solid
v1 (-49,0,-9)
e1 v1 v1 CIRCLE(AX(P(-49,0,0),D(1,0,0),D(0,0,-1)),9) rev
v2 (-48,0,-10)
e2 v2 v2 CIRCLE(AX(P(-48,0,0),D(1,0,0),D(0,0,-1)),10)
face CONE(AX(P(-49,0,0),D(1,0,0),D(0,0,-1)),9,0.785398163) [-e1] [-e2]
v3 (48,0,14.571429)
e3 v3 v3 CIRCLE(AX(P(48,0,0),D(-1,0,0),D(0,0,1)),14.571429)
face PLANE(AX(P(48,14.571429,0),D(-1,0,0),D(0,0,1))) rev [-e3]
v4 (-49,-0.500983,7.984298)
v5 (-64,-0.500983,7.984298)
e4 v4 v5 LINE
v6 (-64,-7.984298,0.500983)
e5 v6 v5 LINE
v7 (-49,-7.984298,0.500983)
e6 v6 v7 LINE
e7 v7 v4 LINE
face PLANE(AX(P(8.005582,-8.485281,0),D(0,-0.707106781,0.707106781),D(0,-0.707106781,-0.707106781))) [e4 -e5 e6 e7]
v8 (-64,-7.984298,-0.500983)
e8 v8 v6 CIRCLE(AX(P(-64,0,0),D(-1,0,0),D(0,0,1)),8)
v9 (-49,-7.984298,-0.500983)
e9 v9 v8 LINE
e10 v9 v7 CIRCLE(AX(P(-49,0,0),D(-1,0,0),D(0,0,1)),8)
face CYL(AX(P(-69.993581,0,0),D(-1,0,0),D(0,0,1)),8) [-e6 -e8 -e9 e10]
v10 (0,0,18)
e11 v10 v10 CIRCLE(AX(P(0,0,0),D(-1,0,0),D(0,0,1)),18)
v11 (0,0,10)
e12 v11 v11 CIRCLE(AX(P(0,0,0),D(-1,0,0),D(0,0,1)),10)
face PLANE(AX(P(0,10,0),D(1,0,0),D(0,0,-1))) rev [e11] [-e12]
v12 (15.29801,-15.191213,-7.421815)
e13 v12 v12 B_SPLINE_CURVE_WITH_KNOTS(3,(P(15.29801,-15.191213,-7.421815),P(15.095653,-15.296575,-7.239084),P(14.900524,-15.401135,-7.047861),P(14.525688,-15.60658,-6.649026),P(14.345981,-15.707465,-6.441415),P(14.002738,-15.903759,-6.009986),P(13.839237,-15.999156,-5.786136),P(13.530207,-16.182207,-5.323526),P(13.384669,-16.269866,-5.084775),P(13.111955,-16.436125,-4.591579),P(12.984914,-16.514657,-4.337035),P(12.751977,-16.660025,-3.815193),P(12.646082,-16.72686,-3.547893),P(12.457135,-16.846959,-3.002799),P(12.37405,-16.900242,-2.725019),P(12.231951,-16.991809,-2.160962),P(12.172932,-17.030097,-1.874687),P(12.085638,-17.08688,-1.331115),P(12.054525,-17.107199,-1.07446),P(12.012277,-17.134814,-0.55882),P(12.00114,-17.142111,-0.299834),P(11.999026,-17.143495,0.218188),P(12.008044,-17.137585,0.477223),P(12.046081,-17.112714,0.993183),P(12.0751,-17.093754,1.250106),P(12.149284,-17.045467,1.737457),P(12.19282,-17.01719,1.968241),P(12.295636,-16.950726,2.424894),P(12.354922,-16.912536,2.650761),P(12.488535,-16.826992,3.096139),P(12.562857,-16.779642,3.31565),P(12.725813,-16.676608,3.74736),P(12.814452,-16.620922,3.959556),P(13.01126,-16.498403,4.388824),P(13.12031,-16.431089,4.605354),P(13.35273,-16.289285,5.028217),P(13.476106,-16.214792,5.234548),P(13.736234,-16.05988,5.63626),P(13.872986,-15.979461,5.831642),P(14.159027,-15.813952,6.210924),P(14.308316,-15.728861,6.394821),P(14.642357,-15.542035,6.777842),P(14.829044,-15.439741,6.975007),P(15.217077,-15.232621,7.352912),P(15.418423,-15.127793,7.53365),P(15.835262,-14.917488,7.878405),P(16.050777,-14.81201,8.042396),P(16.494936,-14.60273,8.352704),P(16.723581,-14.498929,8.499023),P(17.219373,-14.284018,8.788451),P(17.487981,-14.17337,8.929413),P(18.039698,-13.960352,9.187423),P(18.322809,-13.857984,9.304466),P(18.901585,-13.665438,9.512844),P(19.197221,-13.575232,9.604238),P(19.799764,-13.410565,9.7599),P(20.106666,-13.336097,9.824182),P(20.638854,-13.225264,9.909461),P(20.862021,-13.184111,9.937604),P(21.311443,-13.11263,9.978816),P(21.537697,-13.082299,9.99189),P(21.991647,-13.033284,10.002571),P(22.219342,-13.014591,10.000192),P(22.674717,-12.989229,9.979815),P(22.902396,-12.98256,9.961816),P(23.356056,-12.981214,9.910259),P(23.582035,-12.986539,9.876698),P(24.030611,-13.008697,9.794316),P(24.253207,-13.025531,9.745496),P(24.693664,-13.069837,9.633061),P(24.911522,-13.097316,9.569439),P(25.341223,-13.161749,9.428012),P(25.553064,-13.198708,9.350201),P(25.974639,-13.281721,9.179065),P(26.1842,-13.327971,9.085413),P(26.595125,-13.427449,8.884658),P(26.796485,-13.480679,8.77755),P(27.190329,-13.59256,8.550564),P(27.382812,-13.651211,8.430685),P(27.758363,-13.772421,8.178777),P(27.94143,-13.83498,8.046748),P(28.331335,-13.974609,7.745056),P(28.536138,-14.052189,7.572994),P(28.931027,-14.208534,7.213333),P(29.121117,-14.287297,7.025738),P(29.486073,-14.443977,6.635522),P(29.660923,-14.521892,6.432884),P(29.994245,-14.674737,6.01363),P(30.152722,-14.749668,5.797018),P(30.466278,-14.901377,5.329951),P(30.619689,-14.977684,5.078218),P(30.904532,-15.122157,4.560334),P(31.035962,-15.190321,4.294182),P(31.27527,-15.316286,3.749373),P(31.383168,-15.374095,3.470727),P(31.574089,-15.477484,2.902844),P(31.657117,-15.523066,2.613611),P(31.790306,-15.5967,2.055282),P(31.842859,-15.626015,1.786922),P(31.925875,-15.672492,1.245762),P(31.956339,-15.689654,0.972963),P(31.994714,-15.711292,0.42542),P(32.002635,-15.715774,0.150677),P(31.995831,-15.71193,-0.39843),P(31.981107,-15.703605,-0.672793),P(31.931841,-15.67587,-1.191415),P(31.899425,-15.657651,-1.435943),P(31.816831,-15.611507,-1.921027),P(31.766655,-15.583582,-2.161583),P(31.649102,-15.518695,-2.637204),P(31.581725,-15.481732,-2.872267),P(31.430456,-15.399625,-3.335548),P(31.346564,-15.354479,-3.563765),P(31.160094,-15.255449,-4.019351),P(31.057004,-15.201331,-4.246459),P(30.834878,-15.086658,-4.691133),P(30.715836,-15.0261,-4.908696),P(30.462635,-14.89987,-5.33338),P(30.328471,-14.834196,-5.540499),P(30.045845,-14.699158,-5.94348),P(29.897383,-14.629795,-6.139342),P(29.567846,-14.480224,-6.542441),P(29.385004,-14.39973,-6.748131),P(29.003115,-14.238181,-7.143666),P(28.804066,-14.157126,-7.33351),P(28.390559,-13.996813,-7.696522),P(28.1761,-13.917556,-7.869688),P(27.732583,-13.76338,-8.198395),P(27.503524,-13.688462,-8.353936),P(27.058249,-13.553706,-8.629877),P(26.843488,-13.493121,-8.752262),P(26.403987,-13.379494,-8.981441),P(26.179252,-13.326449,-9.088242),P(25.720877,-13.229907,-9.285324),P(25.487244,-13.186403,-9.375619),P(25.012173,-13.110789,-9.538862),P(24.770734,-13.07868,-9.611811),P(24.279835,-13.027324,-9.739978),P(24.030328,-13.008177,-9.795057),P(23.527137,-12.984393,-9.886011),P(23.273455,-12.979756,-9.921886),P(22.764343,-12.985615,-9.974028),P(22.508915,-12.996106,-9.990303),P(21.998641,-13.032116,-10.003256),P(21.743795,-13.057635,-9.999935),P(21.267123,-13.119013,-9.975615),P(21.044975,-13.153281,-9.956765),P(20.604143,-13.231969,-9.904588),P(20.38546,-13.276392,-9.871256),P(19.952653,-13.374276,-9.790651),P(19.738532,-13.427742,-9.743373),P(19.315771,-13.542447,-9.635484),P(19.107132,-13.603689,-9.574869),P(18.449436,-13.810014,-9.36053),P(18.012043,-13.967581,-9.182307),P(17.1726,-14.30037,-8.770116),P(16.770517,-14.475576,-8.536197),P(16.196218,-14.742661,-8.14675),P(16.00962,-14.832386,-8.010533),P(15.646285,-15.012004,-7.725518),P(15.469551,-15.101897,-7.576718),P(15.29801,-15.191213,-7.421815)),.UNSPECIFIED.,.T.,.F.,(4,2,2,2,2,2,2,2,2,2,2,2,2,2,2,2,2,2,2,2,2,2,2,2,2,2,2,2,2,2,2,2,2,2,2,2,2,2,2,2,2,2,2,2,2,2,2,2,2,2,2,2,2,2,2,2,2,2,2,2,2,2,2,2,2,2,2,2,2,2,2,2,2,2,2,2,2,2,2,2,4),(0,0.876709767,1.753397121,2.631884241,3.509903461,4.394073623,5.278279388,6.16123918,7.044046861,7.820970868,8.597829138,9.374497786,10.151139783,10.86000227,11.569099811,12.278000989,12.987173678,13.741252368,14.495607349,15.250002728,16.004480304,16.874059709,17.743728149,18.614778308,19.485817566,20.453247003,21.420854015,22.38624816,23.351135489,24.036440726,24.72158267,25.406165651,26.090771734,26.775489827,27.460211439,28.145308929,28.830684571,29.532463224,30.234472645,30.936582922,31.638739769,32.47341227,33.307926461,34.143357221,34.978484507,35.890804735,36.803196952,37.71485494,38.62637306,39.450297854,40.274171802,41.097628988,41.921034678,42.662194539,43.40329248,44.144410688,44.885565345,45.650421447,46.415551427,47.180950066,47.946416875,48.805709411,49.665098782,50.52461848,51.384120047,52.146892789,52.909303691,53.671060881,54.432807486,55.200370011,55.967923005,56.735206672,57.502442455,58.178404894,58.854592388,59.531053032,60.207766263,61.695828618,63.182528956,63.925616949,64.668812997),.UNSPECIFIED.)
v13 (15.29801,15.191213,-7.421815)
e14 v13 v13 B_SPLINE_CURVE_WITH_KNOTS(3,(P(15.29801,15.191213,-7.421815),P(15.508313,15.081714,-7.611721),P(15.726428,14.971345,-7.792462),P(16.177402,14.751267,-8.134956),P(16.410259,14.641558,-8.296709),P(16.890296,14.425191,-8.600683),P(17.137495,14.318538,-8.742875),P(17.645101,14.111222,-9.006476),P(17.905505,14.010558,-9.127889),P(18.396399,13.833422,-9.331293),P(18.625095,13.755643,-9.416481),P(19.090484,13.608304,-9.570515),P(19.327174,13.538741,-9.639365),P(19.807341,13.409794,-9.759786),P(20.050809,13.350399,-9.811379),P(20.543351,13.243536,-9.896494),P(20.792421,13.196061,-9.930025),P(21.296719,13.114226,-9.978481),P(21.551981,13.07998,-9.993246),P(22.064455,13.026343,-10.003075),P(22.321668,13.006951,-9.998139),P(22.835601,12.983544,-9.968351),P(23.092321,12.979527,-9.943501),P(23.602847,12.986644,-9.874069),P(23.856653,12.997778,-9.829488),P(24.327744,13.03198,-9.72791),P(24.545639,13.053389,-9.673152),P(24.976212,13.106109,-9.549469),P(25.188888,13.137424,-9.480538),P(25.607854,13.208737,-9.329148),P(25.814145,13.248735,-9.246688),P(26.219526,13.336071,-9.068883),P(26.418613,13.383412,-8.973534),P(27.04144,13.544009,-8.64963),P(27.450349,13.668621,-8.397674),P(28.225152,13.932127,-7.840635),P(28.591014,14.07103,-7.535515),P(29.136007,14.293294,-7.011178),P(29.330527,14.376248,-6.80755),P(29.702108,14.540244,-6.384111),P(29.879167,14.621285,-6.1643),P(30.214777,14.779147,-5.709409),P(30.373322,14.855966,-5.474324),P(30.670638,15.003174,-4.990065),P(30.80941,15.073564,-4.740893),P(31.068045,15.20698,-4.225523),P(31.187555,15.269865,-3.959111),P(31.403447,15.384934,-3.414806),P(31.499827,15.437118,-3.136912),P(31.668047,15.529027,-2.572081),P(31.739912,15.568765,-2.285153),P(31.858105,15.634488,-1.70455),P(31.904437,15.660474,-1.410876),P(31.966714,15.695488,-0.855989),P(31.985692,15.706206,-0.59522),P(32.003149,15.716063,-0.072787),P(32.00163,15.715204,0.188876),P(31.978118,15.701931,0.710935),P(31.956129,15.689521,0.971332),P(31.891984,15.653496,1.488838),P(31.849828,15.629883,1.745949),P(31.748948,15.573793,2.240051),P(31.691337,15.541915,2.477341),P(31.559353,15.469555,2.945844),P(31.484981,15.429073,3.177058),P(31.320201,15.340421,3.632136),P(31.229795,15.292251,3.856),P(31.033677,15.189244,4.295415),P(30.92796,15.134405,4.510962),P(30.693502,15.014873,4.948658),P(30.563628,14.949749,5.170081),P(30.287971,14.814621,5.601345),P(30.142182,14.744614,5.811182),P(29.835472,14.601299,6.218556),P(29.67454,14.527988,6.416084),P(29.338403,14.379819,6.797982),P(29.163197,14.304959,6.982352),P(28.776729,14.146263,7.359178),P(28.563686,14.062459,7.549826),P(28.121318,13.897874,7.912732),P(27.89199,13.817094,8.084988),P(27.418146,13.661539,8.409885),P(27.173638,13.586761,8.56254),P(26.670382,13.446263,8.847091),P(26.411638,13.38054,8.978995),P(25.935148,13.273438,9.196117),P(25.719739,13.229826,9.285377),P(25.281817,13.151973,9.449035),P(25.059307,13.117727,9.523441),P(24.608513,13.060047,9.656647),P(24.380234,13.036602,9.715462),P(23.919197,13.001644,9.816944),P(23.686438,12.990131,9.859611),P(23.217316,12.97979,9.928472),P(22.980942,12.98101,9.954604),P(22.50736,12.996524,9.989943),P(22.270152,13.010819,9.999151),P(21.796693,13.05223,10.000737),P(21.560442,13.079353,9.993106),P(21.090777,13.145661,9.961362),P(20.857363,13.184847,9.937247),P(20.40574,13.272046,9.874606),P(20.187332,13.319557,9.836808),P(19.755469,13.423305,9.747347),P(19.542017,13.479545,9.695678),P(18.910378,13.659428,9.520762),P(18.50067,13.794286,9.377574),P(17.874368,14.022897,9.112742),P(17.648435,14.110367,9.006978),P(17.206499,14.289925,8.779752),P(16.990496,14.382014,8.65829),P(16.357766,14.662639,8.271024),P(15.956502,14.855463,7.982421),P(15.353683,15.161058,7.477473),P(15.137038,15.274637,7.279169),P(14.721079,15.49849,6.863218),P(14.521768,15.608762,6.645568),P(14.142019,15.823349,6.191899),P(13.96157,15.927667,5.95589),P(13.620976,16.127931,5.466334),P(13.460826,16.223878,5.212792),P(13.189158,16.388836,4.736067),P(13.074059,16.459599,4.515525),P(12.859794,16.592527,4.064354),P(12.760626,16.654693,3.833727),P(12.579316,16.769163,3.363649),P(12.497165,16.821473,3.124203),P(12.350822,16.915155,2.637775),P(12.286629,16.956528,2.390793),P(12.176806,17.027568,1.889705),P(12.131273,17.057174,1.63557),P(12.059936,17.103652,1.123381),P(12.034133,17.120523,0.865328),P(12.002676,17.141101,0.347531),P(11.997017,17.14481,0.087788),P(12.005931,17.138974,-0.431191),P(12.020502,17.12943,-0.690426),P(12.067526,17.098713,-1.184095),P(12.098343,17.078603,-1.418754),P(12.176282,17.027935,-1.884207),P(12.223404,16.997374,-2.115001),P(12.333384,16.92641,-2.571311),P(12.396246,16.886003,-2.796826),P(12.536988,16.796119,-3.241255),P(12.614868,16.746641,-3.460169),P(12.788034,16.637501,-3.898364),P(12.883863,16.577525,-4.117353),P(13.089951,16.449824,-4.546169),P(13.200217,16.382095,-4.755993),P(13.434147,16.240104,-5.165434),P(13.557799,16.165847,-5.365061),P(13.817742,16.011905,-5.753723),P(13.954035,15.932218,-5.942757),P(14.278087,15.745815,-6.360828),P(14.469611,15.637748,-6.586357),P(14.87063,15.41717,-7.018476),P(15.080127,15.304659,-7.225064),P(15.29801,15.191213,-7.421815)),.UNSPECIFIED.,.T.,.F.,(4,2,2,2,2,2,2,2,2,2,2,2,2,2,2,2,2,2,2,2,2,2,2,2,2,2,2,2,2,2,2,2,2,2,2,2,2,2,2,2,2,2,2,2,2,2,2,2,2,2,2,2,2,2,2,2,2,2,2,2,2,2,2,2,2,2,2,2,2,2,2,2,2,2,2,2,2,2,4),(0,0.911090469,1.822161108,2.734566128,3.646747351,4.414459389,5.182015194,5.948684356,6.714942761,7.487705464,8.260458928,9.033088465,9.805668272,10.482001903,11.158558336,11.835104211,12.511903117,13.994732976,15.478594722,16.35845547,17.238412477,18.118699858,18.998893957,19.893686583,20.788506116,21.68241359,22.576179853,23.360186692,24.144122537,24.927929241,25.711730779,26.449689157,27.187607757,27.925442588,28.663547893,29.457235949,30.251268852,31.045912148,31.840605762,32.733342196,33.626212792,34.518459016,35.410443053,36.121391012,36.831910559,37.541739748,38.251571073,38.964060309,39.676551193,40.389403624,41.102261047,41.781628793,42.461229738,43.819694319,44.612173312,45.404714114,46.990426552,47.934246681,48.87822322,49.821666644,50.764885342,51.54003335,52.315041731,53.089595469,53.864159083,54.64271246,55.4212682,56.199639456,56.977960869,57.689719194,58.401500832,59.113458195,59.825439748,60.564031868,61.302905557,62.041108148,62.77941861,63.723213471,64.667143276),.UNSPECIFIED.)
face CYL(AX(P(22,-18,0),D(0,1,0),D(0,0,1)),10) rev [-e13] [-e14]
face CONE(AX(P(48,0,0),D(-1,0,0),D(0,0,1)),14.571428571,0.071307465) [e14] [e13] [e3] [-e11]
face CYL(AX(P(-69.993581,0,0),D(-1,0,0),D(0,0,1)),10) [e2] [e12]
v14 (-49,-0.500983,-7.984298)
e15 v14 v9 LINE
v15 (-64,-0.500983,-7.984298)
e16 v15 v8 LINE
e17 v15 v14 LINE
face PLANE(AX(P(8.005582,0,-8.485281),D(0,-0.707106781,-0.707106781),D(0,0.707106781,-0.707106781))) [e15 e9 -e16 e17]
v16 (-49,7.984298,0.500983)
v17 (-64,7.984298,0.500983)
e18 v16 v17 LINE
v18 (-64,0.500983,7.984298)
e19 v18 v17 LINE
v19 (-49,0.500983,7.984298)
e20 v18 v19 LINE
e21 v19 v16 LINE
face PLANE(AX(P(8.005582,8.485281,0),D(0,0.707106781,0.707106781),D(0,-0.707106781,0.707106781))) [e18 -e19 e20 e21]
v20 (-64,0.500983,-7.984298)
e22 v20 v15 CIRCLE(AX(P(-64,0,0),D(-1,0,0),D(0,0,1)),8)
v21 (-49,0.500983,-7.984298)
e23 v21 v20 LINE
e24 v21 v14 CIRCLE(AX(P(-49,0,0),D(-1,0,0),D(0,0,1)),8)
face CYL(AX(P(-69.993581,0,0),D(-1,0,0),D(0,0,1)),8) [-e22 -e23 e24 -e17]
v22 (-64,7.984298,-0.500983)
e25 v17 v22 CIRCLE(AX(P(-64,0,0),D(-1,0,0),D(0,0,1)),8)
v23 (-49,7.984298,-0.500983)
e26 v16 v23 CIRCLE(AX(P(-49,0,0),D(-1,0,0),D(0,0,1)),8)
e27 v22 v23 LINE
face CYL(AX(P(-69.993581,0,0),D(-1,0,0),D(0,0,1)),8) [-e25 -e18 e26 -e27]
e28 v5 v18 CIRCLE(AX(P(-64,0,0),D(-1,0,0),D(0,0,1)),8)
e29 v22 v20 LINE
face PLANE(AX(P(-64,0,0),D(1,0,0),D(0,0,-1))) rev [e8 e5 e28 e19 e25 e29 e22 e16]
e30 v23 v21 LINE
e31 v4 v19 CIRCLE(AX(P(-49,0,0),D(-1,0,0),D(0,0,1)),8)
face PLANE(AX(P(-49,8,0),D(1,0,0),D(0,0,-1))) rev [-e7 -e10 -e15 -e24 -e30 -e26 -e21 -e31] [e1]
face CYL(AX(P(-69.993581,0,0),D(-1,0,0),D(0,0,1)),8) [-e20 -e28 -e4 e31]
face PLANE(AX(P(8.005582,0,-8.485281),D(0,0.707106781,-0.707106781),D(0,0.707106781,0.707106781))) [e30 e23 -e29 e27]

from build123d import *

# Parameters (mm, degrees)
CUT_EXTRUDE_1_DEPTH      = 69.876701431
CUT_EXTRUDE_1_DEPTH_BACK = 69.876701431
SKETCH_2_R               = 10
SKETCH_3_OUTSIDE_W       = 62.606
SKETCH_3_OUTSIDE_H       = 62.606
CUT_EXTRUDE_2_DEPTH      = 15
CHAMFER_1_SIZE           = 1


with BuildPart() as part:
    # 草图1 → 旋转1 (revolve)
    with BuildSketch(Plane.XY, mode=Mode.PRIVATE) as revolve_1_sk:
        Polygon((-64, 0), (-64, 8), (-49, 8), (-49, 10), (0, 10), (0, 18), (48, 14.571428571), (48, 0), align=None)
    revolve(revolve_1_sk.sketch.rotate(Axis((-69.993580533, 0, 0), (1, 0, 0)), 90), axis=Axis((-69.993580533, 0, 0), (1, 0, 0)))

    # 草图2 → 拉伸1 (cut, two sides: drawn at the far end of the back side and taken through both)
    with BuildSketch(Plane(origin=(0, 0, 0), x_dir=(1, 0, 0), z_dir=(0, 1, 0)).offset(-CUT_EXTRUDE_1_DEPTH_BACK)):
        with Locations(Location((22, 0, 0), (0, 0, 132.082422816))):
            Circle(SKETCH_2_R)
    extrude(amount=CUT_EXTRUDE_1_DEPTH + CUT_EXTRUDE_1_DEPTH_BACK, mode=Mode.SUBTRACT)

    # 草图3 outside → 拉伸2 (cut)
    with BuildSketch(Plane.ZY.offset(64)):
        Rectangle(SKETCH_3_OUTSIDE_W, SKETCH_3_OUTSIDE_H)
        Polygon((-8.485281374, 0), (0, -8.485281374), (8.485281374, 0), (0, 8.485281374), align=None, mode=Mode.SUBTRACT)
    extrude(amount=-CUT_EXTRUDE_2_DEPTH, mode=Mode.SUBTRACT)

    # 倒角1
    chamfer_1_edges = [part.edges().sort_by_distance(p)[0] for p in [
        (-49, 0, -10),
    ]]
    chamfer(chamfer_1_edges, length=CHAMFER_1_SIZE)


solid = part.part
